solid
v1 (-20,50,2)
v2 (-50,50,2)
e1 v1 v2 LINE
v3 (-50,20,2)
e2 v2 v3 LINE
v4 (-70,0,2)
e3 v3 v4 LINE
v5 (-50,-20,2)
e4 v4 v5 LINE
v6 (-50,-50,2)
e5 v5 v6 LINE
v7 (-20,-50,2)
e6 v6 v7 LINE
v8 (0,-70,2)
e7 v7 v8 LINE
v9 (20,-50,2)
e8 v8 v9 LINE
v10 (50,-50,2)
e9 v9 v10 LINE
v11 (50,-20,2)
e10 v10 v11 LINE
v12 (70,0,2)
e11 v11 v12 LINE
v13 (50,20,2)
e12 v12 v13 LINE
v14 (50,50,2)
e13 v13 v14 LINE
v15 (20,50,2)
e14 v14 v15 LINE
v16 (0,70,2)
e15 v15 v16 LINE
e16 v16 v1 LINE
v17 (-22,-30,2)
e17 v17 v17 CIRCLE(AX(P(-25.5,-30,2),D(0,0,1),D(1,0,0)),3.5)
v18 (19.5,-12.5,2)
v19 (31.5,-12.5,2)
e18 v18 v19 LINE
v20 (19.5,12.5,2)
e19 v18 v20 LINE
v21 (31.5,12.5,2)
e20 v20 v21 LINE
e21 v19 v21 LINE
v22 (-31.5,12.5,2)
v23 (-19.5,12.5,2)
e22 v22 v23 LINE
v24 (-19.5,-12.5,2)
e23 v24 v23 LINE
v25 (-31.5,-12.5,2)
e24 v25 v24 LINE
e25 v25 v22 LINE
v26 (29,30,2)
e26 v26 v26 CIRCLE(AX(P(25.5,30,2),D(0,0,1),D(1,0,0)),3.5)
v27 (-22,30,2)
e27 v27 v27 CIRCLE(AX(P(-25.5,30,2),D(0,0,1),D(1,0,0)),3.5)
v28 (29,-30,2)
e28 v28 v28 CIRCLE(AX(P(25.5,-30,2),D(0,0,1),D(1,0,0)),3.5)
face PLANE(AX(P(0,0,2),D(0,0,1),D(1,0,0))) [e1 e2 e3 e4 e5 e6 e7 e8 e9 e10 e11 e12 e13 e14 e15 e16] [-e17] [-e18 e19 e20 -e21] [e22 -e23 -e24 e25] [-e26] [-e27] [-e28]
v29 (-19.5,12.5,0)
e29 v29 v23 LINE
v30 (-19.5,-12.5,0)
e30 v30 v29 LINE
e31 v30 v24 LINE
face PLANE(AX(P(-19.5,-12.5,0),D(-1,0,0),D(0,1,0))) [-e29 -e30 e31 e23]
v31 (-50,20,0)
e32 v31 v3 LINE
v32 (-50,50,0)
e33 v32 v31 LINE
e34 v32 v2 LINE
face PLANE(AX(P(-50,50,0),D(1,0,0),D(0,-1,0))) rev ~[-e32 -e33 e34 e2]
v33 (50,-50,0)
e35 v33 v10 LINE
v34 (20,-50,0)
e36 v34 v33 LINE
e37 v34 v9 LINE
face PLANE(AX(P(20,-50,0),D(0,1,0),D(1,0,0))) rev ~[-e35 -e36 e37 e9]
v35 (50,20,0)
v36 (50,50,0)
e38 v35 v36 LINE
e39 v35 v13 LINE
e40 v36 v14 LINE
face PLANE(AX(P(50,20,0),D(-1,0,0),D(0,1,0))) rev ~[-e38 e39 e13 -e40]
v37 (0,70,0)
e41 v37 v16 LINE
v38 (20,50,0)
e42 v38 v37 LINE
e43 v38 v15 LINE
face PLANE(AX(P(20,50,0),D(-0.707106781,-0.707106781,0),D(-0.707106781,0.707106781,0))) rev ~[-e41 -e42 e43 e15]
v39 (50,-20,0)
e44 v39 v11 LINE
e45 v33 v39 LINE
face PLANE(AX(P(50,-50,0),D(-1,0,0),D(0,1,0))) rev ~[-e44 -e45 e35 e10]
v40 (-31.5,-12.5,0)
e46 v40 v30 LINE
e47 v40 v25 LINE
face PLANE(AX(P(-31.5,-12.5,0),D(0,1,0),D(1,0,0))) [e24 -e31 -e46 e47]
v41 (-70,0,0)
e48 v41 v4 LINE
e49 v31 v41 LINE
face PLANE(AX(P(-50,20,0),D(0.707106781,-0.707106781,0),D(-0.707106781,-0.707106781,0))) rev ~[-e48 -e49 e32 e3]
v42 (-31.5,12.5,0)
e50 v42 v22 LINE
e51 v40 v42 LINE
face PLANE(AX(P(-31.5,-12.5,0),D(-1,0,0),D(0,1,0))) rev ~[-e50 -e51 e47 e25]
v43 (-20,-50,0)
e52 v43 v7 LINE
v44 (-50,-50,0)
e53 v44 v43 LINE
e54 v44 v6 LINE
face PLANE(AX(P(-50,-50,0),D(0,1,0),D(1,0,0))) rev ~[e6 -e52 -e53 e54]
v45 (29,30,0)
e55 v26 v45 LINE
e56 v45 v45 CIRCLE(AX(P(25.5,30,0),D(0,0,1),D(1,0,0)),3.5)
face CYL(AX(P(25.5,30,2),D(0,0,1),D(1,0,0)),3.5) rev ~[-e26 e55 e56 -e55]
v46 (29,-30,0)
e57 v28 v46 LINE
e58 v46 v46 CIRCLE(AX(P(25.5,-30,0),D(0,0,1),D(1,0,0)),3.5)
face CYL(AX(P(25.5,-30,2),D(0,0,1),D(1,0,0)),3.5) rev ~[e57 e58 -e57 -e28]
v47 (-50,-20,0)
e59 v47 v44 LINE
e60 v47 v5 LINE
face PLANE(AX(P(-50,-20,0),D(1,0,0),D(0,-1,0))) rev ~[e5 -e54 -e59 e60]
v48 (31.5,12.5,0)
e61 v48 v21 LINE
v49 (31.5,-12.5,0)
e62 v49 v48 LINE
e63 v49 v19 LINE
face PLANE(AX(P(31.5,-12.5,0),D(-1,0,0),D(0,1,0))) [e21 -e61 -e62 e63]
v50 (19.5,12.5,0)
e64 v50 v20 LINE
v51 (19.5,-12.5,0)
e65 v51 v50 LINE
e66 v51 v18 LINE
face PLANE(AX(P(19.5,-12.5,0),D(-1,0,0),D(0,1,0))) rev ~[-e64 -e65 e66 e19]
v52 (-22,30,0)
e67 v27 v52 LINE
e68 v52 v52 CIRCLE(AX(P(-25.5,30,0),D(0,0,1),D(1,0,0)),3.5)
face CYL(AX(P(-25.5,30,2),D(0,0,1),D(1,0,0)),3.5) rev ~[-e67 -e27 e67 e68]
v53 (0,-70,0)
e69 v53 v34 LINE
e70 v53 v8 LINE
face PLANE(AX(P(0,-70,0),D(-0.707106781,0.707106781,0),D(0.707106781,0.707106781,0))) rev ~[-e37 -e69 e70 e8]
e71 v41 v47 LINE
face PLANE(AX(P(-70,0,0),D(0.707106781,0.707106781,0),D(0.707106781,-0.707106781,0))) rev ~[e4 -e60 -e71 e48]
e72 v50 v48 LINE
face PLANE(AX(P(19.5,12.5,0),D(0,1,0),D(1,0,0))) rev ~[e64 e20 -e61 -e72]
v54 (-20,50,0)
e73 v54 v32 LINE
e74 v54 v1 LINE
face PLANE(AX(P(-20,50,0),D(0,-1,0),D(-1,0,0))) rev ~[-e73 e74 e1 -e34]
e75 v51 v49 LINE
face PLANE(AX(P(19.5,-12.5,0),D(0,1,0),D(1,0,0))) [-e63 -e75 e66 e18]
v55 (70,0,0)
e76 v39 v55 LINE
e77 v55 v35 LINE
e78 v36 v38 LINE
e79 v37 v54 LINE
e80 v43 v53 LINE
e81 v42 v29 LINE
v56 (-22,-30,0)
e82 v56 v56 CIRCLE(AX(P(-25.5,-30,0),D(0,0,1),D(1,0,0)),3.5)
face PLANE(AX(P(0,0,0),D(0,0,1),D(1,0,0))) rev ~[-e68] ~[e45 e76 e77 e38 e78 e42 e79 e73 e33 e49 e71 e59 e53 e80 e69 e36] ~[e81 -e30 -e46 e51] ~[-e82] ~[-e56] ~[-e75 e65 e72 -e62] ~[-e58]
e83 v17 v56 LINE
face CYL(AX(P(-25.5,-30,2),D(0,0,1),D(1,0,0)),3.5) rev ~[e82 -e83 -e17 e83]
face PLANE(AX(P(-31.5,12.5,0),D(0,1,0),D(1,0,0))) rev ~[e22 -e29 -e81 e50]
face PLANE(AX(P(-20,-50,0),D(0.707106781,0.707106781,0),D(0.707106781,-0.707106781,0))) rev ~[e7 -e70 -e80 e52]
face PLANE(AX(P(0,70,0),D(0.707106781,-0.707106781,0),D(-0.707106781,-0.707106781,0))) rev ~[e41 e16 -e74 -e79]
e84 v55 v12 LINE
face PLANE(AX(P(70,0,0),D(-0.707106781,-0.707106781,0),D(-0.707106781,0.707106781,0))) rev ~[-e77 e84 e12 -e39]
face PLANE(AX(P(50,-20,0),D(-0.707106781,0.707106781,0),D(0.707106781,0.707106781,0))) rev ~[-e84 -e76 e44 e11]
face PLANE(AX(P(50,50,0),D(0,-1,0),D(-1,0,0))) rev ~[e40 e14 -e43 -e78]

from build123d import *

# Parameters (mm, degrees)
F0_R     = 2.25
F0_W     = 12
F0_H     = 25
F1_DEPTH = 2
F2_R     = 3.5
F3_DEPTH = 2


with BuildPart() as f1:
    # F0 (on Top) → F1 (new body)
    with BuildSketch(Plane.XY):
        Polygon((50, 20), (50, 50), (20, 50), (0, 70), (-20, 50), (-50, 50), (-50, 20), (-70, 0), (-50, -20), (-50, -50), (-20, -50), (0, -70), (20, -50), (50, -50), (50, -20), (70, 0), align=None)
        with Locations((-25.5, -30)):
            Circle(F0_R, mode=Mode.SUBTRACT)
        with Locations((25.5, -30)):
            Circle(F0_R, mode=Mode.SUBTRACT)
        with Locations((-25.5, 0)):
            Rectangle(F0_W, F0_H, mode=Mode.SUBTRACT)
        with Locations((-25.5, 30)):
            Circle(F0_R, mode=Mode.SUBTRACT)
        with Locations((25.5, 0)):
            Rectangle(F0_W, F0_H, mode=Mode.SUBTRACT)
        with Locations((25.5, 30)):
            Circle(F0_R, mode=Mode.SUBTRACT)
    extrude(amount=F1_DEPTH)

    # F2 (on face) → F3 (cut)
    with BuildSketch(Plane.XY.offset(2)):
        with Locations((-25.5, 30)):
            Circle(F2_R)
        with Locations((25.5, 30)):
            Circle(F2_R)
        with Locations((25.5, -30)):
            Circle(F2_R)
        with Locations((-25.5, -30)):
            Circle(F2_R)
    extrude(amount=-F3_DEPTH, mode=Mode.SUBTRACT)


solid = f1.part
